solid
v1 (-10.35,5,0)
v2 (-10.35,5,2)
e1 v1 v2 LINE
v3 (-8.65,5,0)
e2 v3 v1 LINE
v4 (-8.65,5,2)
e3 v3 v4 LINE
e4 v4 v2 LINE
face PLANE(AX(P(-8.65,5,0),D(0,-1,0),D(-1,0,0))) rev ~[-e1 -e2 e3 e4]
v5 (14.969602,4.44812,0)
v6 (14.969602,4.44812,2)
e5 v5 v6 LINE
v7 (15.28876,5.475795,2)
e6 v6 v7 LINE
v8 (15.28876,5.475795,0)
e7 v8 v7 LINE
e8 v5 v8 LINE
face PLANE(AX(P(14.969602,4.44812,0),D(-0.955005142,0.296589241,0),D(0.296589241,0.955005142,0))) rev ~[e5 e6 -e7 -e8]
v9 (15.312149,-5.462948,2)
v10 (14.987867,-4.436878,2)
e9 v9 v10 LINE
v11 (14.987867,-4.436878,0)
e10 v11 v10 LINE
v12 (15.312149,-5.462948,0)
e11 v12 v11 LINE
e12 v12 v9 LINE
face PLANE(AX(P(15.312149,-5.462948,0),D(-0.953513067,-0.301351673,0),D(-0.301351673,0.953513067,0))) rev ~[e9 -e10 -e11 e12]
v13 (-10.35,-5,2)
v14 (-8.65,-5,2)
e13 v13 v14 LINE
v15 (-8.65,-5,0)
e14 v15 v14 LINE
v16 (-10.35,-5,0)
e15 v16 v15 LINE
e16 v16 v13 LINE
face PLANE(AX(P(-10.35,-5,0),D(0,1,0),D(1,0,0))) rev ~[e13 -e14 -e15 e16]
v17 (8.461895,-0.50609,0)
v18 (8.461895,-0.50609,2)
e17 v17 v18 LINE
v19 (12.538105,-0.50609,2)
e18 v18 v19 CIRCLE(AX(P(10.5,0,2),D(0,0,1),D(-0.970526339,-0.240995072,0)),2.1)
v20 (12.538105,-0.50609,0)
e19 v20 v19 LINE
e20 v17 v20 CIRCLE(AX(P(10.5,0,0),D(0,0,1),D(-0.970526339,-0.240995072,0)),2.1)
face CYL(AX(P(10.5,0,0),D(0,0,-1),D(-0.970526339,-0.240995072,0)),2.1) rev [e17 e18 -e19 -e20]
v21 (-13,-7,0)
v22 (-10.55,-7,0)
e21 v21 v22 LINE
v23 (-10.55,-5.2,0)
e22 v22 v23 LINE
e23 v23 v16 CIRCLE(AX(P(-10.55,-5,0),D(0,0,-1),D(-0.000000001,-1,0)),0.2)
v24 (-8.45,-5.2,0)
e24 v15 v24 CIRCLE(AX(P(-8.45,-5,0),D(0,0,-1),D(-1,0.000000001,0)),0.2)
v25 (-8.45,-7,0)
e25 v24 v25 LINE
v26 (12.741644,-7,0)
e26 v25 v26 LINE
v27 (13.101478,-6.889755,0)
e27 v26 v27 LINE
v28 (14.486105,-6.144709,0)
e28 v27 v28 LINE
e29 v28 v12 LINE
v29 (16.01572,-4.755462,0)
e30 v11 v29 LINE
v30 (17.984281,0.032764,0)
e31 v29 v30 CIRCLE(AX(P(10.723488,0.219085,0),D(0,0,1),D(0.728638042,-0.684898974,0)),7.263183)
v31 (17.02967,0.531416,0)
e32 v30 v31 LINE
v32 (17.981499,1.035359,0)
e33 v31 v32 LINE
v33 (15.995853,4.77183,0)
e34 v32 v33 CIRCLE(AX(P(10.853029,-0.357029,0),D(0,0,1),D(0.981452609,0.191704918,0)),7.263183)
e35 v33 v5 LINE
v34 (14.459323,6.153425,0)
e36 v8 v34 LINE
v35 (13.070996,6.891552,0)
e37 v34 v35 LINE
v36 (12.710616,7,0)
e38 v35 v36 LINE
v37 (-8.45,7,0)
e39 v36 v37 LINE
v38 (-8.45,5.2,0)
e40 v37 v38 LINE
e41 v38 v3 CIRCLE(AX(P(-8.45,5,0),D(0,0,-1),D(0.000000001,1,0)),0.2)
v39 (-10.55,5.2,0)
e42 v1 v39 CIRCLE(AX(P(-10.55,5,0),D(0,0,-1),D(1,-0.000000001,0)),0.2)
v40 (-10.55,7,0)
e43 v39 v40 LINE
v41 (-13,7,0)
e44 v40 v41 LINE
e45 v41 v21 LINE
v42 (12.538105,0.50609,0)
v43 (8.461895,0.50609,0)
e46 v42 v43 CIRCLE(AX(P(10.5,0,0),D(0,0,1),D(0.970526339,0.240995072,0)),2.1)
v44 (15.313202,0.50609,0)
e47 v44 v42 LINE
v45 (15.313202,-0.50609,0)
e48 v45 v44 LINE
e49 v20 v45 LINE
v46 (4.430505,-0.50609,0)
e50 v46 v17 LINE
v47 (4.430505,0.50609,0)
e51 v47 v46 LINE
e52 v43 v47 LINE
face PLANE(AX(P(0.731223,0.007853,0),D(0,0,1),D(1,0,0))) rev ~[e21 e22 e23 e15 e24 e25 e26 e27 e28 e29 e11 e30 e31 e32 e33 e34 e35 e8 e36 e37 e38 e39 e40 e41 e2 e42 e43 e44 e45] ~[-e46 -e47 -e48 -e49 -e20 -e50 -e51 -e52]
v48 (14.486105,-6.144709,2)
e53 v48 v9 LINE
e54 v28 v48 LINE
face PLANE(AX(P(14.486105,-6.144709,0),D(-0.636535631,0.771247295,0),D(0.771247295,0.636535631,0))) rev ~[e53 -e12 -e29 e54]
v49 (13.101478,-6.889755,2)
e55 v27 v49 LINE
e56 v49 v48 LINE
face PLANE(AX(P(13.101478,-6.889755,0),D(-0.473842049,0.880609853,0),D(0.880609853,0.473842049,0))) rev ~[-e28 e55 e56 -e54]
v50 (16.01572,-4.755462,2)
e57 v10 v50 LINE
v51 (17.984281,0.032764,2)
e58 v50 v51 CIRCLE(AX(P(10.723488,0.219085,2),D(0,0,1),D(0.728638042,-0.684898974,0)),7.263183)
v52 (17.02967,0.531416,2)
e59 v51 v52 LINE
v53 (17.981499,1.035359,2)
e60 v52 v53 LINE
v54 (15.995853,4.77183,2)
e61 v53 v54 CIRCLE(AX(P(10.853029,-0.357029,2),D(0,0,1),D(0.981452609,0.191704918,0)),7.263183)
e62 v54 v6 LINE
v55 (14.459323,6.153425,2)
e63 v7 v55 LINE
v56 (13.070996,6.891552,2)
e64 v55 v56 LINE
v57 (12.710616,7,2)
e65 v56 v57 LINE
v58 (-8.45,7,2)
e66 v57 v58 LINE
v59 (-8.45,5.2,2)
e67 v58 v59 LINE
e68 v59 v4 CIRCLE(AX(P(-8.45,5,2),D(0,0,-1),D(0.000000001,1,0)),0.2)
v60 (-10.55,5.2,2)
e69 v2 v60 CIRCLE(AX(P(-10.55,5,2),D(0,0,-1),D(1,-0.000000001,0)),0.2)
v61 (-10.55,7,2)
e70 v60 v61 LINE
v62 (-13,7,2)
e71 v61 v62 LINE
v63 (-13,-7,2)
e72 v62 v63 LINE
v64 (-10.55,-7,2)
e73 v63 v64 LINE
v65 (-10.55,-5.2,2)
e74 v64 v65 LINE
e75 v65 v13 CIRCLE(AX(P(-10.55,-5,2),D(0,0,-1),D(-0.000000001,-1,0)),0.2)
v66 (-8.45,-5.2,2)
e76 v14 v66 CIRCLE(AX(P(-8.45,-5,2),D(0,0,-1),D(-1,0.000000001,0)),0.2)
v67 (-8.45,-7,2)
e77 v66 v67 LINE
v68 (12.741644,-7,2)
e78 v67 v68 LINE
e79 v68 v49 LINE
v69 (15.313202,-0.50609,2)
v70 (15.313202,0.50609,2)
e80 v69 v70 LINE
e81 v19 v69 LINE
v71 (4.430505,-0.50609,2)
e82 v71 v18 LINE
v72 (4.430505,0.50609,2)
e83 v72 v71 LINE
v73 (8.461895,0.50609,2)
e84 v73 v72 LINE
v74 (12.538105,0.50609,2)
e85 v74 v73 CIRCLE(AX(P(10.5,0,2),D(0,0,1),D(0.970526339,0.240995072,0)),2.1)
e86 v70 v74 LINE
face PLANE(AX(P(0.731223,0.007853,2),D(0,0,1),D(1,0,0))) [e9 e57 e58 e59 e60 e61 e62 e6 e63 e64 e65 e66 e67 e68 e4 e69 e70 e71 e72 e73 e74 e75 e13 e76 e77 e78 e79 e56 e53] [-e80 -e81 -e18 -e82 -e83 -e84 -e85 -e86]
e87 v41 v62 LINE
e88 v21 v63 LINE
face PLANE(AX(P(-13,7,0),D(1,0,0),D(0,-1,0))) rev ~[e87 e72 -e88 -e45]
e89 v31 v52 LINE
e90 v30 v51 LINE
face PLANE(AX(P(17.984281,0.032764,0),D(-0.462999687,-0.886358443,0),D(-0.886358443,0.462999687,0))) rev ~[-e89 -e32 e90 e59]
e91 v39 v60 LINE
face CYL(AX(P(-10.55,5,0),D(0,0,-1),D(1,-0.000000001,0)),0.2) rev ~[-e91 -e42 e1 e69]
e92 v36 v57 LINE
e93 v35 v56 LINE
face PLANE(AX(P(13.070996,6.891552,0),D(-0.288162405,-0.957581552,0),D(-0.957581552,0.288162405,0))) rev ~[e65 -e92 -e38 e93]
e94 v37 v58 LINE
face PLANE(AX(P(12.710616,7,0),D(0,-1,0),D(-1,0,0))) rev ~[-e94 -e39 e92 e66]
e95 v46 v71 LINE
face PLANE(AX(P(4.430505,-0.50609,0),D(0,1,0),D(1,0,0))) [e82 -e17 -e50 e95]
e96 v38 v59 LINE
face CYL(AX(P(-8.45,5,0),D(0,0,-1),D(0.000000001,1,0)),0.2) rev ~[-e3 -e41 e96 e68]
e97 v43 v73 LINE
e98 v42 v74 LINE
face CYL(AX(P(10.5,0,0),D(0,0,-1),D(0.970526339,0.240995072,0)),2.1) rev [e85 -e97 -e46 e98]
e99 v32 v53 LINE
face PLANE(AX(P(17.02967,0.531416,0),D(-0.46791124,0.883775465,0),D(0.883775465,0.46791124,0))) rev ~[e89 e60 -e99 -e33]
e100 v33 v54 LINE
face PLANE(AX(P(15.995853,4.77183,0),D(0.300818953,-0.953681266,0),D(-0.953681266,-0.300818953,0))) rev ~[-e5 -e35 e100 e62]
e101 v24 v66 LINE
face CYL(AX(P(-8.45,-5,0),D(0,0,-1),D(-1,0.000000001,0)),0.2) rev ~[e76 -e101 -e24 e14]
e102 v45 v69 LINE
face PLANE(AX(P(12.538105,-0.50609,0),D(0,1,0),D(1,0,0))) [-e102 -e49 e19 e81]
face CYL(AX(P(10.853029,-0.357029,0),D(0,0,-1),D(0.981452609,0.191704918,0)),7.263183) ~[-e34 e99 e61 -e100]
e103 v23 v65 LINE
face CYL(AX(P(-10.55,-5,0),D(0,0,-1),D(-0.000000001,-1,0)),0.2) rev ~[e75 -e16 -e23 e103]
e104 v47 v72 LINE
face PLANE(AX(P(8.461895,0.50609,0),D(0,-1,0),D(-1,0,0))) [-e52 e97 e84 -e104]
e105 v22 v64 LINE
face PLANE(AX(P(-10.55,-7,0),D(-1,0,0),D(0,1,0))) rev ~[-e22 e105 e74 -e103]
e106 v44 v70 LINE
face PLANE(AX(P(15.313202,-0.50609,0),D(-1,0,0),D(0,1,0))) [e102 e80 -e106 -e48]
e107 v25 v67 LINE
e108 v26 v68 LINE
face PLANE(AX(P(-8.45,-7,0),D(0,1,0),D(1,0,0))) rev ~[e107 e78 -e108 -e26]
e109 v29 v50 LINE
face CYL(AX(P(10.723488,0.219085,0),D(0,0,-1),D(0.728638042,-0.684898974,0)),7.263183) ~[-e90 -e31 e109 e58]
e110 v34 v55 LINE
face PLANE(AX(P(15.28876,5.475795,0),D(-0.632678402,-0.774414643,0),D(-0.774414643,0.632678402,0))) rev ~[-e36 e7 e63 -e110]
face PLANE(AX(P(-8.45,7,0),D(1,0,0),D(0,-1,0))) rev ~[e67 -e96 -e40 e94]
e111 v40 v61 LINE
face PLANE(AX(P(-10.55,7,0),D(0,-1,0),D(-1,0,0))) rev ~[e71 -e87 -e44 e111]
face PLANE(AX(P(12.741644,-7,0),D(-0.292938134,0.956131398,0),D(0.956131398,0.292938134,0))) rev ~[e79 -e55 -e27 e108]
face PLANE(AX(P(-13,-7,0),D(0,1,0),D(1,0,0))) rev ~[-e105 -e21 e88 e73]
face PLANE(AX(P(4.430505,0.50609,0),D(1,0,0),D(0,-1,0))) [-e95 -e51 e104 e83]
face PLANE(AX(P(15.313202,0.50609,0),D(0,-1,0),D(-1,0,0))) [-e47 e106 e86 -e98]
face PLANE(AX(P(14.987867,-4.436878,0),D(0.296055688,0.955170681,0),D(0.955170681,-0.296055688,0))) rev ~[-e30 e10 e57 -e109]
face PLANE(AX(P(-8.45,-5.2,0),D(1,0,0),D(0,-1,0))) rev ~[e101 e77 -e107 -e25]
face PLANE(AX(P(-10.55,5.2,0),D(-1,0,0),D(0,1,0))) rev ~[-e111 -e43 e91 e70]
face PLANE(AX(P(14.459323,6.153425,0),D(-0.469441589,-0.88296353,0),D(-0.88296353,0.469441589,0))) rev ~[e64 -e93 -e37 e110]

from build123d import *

# Parameters (mm, degrees)
EXTRUDE_1_DEPTH = 2


with BuildPart() as part:
    # 草图1 → 凸台-拉伸1 (new body)
    with BuildSketch(Plane.XY):
        with BuildLine():
            Line((-8.45, -5.2), (-8.45, -7))
            Line((-8.45, -7), (12.741644056, -7))
            Line((12.741644056, -7), (13.101478198, -6.889754544))
            Line((13.101478198, -6.889754544), (14.486104816, -6.144709151))
            Line((14.486104816, -6.144709151), (15.312149212, -5.46294768))
            Line((15.312149212, -5.46294768), (14.987866566, -4.436878246))
            Line((14.987866566, -4.436878246), (16.015719748, -4.755461916))
            ThreePointArc((16.015719748, -4.755461916), (17.441105489, -2.542698595), (17.984281104, 0.032763748))
            Line((17.984281104, 0.032763748), (17.029669504, 0.531416269))
            Line((17.029669504, 0.531416269), (17.981499226, 1.035358552))
            ThreePointArc((17.981499226, 1.035358552), (17.266800727, 3.051396039), (15.995852657, 4.771829734))
            Line((15.995852657, 4.771829734), (14.969602225, 4.448120344))
            Line((14.969602225, 4.448120344), (15.288760048, 5.475795391))
            Line((15.288760048, 5.475795391), (14.459323359, 6.1534255))
            Line((14.459323359, 6.1534255), (13.070995905, 6.891551848))
            Line((13.070995905, 6.891551848), (12.710615967, 7))
            Line((12.710615967, 7), (-8.45, 7))
            Line((-8.45, 7), (-8.45, 5.2))
            ThreePointArc((-8.45, 5.2), (-8.308578644, 4.858578644), (-8.65, 5))
            Line((-8.65, 5), (-10.35, 5))
            ThreePointArc((-10.35, 5), (-10.691421356, 4.858578644), (-10.55, 5.2))
            Line((-10.55, 5.2), (-10.55, 7))
            Line((-10.55, 7), (-13, 7))
            Line((-13, 7), (-13, -7))
            Line((-13, -7), (-10.55, -7))
            Line((-10.55, -7), (-10.55, -5.2))
            ThreePointArc((-10.55, -5.2), (-10.691421356, -4.858578644), (-10.35, -5))
            Line((-10.35, -5), (-8.65, -5))
            ThreePointArc((-8.65, -5), (-8.308578644, -4.858578644), (-8.45, -5.2))
        make_face()
        with BuildLine():
            Line((8.461894687, 0.50608965), (4.430504753, 0.50608965))
            Line((4.430504753, 0.50608965), (4.430504753, -0.50608965))
            Line((4.430504753, -0.50608965), (8.461894687, -0.50608965))
            ThreePointArc((8.461894687, -0.50608965), (10.5, -2.1), (12.538105313, -0.50608965))
            Line((12.538105313, -0.50608965), (15.313201547, -0.50608965))
            Line((15.313201547, -0.50608965), (15.313201547, 0.50608965))
            Line((15.313201547, 0.50608965), (12.538105313, 0.50608965))
            ThreePointArc((12.538105313, 0.50608965), (10.5, 2.1), (8.461894687, 0.50608965))
        make_face(mode=Mode.SUBTRACT)
    extrude(amount=EXTRUDE_1_DEPTH)


solid = part.part
